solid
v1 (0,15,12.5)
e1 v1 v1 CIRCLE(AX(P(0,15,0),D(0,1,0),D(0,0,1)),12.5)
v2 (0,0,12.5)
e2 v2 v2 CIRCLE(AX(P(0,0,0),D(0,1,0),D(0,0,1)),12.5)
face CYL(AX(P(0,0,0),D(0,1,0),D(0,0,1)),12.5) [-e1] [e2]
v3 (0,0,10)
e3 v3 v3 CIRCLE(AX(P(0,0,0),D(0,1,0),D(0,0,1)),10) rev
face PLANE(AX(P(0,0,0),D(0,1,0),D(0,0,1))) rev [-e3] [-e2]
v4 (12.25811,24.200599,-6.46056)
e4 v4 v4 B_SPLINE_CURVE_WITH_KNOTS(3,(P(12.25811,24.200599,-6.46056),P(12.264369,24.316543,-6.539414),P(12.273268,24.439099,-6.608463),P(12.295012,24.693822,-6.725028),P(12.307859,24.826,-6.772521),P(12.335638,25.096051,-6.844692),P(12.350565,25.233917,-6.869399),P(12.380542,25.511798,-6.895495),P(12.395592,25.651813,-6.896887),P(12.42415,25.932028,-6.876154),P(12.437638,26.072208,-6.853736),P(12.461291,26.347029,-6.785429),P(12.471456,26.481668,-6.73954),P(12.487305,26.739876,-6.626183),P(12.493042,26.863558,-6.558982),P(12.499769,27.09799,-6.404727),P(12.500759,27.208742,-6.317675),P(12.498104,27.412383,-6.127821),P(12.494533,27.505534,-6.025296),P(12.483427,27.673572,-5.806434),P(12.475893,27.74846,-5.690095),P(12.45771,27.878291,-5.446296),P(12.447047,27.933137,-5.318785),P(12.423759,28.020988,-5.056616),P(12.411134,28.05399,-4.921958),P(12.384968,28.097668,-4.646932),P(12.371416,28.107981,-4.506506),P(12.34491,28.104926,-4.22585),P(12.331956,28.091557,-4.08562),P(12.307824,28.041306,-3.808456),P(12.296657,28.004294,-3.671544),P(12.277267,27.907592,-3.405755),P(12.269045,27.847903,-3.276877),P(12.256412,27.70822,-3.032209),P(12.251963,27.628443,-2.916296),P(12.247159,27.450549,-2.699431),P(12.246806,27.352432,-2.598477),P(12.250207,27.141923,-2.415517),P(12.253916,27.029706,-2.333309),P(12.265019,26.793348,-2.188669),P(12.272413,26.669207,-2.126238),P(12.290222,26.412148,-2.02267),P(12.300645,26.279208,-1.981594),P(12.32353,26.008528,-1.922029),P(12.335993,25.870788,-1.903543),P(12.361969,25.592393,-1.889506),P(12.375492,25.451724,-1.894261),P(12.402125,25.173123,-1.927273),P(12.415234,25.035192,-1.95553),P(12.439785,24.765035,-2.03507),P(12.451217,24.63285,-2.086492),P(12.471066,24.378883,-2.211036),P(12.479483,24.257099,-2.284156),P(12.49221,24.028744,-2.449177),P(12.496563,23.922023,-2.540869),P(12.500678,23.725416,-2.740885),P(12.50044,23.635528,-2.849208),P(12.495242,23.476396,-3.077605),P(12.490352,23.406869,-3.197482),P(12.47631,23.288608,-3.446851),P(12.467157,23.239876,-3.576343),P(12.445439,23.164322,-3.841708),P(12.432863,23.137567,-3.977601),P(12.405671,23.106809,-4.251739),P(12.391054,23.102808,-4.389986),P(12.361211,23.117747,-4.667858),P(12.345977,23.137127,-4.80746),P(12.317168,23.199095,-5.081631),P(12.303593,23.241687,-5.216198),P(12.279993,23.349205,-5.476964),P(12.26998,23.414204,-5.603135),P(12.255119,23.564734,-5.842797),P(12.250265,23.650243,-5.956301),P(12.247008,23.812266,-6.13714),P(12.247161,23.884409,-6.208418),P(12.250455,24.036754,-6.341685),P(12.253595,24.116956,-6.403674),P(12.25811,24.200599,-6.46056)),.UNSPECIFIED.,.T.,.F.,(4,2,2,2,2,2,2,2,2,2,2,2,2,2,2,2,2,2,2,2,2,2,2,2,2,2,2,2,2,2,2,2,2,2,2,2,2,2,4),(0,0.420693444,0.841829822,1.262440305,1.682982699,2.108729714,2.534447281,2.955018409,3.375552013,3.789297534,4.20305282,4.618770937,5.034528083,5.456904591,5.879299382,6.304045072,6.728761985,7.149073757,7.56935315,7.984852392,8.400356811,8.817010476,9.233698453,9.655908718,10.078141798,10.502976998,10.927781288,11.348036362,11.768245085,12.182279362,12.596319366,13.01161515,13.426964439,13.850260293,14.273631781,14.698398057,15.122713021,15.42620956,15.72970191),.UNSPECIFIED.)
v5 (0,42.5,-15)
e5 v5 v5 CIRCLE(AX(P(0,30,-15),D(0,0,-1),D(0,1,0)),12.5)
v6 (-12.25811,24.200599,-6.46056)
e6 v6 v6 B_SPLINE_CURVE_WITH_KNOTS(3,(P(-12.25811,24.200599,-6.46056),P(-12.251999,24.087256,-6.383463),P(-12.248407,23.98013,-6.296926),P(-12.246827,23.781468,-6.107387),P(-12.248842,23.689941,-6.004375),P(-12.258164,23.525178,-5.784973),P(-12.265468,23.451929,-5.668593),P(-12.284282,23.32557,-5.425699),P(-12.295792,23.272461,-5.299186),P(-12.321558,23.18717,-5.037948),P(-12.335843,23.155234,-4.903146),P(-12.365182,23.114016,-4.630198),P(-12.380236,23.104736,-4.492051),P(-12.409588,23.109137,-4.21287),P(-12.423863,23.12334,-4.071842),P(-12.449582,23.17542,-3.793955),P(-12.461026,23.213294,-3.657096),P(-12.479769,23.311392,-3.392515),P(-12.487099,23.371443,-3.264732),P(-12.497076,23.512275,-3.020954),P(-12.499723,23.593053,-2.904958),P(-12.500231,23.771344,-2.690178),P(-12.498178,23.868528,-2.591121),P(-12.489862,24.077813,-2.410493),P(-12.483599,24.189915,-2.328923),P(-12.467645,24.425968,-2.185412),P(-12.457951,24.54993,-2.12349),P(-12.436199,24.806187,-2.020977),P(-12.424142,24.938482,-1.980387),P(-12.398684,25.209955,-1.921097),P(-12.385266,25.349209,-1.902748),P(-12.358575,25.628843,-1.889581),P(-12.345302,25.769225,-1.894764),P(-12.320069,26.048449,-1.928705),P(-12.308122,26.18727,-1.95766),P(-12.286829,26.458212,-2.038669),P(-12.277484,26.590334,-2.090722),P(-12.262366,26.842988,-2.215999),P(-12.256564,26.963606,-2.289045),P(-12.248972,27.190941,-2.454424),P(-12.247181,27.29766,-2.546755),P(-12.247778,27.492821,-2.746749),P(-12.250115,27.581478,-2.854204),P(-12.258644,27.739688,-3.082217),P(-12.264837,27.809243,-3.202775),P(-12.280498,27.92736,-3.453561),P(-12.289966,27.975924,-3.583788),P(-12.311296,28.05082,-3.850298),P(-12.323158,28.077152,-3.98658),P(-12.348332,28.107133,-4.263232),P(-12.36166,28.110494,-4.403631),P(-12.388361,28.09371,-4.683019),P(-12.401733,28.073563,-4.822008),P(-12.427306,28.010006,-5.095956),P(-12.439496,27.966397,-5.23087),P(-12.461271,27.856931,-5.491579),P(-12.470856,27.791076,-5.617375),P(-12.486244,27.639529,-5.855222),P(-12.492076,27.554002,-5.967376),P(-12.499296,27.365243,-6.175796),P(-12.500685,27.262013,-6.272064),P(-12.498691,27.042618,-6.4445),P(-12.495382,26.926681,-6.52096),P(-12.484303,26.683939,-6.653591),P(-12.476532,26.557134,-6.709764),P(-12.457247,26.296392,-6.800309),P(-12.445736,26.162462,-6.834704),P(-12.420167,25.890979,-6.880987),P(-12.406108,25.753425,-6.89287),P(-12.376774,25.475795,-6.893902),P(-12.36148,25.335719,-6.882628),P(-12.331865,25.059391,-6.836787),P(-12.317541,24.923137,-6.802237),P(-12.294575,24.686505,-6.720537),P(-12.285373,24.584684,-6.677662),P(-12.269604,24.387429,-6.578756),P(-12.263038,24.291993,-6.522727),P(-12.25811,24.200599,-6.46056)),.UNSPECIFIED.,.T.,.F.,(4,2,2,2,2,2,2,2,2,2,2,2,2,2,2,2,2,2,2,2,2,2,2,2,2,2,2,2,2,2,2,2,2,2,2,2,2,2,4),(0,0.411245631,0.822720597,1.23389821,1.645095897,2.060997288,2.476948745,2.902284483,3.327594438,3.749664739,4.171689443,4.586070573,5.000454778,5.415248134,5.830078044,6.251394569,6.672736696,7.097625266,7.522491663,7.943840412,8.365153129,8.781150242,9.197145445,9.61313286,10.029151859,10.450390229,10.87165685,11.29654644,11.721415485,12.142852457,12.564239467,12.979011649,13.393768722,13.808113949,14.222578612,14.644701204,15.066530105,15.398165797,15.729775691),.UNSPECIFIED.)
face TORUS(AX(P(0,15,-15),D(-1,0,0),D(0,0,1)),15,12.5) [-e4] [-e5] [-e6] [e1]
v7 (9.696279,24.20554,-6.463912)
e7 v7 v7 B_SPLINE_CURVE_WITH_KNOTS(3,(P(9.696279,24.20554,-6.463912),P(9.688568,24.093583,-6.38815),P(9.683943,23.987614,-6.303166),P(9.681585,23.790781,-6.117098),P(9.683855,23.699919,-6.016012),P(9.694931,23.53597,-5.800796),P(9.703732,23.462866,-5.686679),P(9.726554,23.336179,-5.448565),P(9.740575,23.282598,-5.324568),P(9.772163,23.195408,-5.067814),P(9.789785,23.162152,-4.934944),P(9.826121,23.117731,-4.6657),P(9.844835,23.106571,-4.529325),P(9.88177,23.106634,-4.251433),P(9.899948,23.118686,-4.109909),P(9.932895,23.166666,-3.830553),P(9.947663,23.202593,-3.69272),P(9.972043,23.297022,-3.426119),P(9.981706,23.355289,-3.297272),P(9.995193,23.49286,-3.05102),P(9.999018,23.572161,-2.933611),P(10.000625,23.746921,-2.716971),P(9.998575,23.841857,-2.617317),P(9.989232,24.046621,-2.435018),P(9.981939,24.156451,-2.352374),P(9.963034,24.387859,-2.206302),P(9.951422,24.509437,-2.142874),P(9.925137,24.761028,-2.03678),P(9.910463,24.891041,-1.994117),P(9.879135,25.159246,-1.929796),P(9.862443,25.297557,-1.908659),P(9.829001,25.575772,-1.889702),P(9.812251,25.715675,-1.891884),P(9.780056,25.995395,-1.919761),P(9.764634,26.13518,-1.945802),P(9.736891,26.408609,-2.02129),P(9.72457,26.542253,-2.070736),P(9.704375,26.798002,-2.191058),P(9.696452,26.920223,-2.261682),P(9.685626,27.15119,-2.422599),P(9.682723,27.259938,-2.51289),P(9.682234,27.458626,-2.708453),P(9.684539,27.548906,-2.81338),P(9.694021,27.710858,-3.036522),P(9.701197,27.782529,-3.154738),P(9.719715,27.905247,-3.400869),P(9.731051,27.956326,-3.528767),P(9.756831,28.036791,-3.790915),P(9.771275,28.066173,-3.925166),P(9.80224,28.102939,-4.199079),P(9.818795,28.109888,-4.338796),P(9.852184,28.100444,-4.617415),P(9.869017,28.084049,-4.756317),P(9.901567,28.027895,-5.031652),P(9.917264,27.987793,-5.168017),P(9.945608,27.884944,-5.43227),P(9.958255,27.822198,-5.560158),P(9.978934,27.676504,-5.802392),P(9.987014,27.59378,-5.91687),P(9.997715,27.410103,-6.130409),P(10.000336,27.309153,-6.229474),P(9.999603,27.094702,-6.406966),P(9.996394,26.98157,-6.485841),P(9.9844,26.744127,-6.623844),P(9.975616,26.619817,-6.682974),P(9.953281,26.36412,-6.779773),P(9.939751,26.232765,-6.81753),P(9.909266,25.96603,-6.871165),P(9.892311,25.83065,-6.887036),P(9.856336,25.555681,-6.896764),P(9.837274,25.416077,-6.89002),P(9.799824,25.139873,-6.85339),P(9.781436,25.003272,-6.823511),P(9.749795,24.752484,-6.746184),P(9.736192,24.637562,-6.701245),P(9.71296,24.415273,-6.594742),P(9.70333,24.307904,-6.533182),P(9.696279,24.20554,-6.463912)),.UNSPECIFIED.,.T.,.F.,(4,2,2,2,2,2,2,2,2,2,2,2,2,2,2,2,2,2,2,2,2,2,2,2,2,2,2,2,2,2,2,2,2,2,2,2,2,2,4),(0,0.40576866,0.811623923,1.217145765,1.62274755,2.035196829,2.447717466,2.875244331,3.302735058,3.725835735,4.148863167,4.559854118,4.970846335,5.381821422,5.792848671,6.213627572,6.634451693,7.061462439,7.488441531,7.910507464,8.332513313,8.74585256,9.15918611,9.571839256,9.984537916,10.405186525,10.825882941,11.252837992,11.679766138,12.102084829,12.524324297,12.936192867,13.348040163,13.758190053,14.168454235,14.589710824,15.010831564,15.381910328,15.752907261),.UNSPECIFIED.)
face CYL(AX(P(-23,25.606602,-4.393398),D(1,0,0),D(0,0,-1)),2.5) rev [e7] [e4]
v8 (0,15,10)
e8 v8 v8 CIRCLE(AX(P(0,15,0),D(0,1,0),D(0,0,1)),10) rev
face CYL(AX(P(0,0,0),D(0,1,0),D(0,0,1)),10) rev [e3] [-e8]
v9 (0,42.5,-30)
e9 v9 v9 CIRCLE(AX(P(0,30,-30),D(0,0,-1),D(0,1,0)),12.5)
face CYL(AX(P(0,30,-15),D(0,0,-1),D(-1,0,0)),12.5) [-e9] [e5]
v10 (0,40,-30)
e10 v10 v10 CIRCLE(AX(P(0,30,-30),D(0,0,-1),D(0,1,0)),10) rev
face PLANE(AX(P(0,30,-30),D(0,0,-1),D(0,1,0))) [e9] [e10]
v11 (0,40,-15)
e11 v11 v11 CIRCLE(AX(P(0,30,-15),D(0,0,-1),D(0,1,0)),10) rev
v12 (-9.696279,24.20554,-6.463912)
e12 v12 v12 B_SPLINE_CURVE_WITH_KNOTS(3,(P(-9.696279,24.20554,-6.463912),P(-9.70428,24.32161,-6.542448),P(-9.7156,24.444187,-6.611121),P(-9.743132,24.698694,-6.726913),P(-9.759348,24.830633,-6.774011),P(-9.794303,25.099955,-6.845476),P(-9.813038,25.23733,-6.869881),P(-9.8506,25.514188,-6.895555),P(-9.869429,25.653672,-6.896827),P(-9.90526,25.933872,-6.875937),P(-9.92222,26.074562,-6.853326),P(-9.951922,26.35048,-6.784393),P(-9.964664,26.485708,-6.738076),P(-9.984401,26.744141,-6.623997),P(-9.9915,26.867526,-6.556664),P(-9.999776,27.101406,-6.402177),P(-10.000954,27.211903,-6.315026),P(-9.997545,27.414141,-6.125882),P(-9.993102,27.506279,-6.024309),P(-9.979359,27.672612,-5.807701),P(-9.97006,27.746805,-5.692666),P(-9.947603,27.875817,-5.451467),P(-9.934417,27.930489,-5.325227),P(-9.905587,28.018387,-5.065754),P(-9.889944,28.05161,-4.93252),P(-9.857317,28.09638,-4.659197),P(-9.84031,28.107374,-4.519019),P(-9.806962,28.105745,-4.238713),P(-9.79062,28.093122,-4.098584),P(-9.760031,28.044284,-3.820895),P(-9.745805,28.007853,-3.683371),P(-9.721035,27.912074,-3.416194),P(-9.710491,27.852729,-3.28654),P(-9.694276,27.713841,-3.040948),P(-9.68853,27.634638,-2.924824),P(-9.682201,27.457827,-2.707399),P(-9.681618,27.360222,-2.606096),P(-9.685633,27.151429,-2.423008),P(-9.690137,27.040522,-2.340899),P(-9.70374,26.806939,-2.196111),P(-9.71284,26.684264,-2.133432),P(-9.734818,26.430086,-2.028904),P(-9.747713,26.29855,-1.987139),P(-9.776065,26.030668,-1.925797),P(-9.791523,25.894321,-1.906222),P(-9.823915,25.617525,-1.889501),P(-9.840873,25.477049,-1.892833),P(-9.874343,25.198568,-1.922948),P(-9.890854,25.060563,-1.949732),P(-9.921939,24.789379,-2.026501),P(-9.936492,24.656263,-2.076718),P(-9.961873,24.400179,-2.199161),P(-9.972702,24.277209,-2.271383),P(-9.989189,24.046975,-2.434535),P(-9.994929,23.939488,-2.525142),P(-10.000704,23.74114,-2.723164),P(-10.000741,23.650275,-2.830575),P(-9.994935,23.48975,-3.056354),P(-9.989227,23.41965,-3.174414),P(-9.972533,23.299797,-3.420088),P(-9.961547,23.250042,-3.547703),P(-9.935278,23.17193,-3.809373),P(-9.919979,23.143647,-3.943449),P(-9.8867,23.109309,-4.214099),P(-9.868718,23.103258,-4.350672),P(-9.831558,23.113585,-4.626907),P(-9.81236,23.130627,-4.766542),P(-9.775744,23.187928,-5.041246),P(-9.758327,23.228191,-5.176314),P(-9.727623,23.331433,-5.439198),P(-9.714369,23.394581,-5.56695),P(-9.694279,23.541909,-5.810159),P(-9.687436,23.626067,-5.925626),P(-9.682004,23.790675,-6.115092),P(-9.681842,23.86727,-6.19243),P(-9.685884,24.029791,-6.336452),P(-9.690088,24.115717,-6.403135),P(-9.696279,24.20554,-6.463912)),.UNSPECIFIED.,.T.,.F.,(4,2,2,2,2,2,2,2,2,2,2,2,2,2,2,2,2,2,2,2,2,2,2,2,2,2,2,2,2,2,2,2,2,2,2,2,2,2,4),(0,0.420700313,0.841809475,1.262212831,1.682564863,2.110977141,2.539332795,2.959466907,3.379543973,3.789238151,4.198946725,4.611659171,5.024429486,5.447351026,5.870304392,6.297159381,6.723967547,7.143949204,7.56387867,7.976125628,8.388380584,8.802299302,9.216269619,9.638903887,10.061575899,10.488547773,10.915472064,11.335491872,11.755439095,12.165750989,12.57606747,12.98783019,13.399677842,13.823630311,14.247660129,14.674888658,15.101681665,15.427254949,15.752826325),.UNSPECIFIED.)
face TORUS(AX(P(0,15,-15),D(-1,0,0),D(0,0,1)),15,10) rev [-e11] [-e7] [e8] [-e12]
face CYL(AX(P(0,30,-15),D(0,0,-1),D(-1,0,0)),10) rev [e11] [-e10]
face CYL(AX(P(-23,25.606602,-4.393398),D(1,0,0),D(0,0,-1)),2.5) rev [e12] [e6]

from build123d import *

# Parameters (mm, degrees)
ESBO_O4_R                  = 12.5
ESBO_O4_R_2                = 10
CORTE_EXTRUS_O1_DEPTH      = 22
CORTE_EXTRUS_O1_DEPTH_BACK = 23
ESBO_O5_R                  = 2.5


with BuildPart() as part:
    # Varredura1: sweep along a path in Esboço3
    with BuildLine(Plane(origin=(0, 0, 0), x_dir=(0, 0, -1), z_dir=(1, 0, 0))) as varredura1_path:
        Line((0, 0), (0, 15))
        ThreePointArc((0, 15), (4.393398282, 25.606601718), (15, 30))
        Line((15, 30), (30, 30))
    # Esboço4 → Varredura1 (sweep)
    with BuildSketch(Plane(origin=(0, 0, 0), x_dir=(1, 0, 0), z_dir=(0, 1, 0))):
        Circle(ESBO_O4_R)
        Circle(ESBO_O4_R_2, mode=Mode.SUBTRACT)
    sweep(path=varredura1_path.line)

    # Esboço5 → Corte-extrusão1 (cut, two sides: drawn at the far end of the back side and taken through both)
    with BuildSketch(Plane(origin=(0, 0, 0), x_dir=(0, 0, -1), z_dir=(1, 0, 0)).offset(-CORTE_EXTRUS_O1_DEPTH_BACK)):
        with Locations(Location((4.393398282, 25.606601718, 0), (0, 0, 325.914839644))):
            Circle(ESBO_O5_R)
    extrude(amount=CORTE_EXTRUS_O1_DEPTH + CORTE_EXTRUS_O1_DEPTH_BACK, mode=Mode.SUBTRACT)


solid = part.part
